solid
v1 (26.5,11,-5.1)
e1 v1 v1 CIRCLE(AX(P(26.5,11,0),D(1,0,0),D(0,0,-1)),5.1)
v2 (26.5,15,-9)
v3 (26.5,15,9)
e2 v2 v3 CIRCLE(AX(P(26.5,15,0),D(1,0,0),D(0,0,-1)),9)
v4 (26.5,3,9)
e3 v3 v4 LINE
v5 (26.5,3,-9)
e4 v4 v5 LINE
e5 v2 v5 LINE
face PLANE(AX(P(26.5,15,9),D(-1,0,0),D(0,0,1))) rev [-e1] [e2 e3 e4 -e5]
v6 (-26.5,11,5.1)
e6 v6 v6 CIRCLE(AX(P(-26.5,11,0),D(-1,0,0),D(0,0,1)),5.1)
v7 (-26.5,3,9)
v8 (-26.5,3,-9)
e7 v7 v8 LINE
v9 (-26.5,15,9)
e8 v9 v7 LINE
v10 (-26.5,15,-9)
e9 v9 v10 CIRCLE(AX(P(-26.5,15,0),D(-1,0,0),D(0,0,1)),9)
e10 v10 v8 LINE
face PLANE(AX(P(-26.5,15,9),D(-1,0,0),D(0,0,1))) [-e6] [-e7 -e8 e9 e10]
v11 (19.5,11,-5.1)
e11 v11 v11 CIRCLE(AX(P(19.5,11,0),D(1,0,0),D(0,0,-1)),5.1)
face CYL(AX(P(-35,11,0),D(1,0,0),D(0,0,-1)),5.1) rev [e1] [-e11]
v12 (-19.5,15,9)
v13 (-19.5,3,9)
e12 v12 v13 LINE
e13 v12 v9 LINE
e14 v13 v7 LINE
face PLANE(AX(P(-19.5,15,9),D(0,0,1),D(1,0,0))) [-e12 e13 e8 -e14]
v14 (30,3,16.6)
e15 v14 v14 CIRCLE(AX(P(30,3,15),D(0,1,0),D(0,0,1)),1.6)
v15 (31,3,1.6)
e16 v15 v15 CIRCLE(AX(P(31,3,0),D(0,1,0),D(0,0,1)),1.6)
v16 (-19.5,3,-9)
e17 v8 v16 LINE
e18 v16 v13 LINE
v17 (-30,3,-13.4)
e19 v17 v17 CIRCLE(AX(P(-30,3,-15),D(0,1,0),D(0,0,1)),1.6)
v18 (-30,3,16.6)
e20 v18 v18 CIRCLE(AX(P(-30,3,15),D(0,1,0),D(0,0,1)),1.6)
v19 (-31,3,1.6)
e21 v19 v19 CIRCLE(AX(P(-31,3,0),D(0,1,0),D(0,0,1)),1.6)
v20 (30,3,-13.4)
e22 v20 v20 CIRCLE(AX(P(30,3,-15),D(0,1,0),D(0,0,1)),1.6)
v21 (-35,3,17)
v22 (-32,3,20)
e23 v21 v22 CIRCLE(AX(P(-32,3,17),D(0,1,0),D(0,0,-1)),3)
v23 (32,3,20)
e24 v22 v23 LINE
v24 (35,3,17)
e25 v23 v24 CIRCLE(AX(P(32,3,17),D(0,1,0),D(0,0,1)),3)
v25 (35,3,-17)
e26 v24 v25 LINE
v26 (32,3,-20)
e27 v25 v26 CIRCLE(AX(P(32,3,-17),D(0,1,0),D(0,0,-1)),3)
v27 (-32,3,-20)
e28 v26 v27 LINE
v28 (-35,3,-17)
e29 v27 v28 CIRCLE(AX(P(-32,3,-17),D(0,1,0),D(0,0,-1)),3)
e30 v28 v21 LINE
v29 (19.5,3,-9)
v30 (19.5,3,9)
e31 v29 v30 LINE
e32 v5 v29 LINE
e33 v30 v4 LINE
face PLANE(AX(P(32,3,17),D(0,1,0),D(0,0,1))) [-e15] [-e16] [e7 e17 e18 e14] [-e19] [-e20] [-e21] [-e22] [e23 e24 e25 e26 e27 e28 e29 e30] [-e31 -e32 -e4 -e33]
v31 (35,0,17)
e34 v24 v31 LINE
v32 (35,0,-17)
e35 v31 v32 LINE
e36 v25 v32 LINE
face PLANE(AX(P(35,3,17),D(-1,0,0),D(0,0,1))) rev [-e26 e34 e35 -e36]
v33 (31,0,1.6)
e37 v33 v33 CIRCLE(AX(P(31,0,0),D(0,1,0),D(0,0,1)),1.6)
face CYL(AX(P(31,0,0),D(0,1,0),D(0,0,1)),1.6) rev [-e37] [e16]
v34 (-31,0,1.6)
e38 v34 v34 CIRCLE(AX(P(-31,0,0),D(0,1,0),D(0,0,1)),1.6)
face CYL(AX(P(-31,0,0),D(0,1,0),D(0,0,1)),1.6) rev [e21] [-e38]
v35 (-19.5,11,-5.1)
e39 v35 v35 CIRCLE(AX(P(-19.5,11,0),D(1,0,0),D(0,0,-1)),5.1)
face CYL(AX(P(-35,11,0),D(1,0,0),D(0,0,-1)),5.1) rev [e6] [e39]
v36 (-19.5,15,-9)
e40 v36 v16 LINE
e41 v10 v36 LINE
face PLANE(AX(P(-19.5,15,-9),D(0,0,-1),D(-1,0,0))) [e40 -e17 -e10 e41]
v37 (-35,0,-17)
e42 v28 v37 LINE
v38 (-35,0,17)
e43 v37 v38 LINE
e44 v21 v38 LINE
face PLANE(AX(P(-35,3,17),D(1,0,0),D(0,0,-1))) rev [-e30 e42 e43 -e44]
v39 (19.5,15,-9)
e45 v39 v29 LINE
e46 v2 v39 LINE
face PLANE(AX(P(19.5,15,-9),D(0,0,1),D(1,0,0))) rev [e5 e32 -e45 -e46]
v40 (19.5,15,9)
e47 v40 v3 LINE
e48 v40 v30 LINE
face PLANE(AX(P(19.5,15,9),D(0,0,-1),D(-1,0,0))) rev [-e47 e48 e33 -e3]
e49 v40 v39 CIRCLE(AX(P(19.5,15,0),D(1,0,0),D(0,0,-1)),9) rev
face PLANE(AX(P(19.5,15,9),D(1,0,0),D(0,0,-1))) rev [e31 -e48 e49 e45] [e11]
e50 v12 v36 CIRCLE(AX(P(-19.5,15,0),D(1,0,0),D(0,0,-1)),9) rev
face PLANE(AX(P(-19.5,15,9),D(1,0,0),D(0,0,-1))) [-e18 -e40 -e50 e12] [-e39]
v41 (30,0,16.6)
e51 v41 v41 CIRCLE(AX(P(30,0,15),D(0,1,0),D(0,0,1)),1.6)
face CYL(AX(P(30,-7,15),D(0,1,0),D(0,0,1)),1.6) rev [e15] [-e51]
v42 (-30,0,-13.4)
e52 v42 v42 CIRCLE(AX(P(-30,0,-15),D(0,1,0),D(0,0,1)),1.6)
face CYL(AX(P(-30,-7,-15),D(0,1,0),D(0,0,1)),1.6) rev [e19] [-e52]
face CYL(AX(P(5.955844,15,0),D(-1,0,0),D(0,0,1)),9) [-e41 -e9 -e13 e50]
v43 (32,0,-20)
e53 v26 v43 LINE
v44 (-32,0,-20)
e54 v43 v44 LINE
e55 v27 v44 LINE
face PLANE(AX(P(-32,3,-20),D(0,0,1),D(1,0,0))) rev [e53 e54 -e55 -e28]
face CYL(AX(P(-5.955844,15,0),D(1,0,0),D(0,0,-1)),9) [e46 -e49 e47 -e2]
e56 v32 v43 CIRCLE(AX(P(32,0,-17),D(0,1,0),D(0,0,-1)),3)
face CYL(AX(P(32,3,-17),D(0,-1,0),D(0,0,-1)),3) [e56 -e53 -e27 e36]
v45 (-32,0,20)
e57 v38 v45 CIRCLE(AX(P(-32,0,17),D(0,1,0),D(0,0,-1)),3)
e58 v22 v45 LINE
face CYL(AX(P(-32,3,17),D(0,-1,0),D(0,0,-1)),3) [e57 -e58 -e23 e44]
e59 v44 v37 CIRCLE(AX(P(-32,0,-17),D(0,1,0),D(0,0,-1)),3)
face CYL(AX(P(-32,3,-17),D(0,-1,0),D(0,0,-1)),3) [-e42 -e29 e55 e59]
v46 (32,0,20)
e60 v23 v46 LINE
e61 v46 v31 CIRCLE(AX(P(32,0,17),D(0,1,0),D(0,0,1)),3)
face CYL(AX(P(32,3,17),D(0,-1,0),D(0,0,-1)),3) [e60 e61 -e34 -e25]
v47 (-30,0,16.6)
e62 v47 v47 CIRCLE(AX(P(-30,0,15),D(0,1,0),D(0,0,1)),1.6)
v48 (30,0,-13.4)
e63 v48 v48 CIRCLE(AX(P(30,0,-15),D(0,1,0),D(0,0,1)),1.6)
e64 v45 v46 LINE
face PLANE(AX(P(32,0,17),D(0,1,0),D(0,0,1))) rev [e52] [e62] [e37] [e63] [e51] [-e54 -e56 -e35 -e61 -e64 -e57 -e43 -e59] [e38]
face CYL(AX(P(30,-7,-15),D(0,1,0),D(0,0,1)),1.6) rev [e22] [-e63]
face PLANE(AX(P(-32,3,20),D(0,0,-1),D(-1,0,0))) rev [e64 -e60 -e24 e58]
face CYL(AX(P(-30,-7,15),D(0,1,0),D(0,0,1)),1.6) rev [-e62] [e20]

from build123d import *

# Parameters (mm, degrees)
EXTRUDE_1_DEPTH     = 3
SKETCH_2_W          = 7
SKETCH_2_H          = 18
EXTRUDE_2_DEPTH     = 12
SKETCH_3_R          = 9
EXTRUDE_3_DEPTH     = 7
EXTRUDE_START       = -7
SKETCH_4_R          = 9
EXTRUDE_4_DEPTH     = 7
SKETCH_5_R          = 5
CUT_EXTRUDE_1_DEPTH = 69.980069585
SKETCH_6_R          = 1.6
CUT_EXTRUDE_2_DEPTH = 46.453272709
SKETCH_7_R          = 1.6
CUT_EXTRUDE_3_DEPTH = 10
SKETCH_8_R          = 5.1
CUT_EXTRUDE_4_DEPTH = 69.980069585


with BuildPart() as part:
    # 草图1 → 凸台-拉伸1 (new body)
    with BuildSketch(Plane(origin=(0, 0, 0), x_dir=(1, 0, 0), z_dir=(0, 1, 0))):
        with BuildLine():
            Line((-32, -20), (32, -20))
            ThreePointArc((32, -20), (34.121320344, -19.121320344), (35, -17))
            Line((35, -17), (35, 17))
            ThreePointArc((35, 17), (34.121320344, 19.121320344), (32, 20))
            Line((32, 20), (-32, 20))
            ThreePointArc((-32, 20), (-34.121320344, 19.121320344), (-35, 17))
            Line((-35, 17), (-35, -17))
            ThreePointArc((-35, -17), (-34.121320344, -19.121320344), (-32, -20))
        make_face()
    extrude(amount=EXTRUDE_1_DEPTH)

    # 草图2 → 凸台-拉伸2 (add)
    with BuildSketch(Plane(origin=(0, 3, 0), x_dir=(1, 0, 0), z_dir=(0, 1, 0))):
        with Locations((23, 0)):
            Rectangle(SKETCH_2_W, SKETCH_2_H)
    extrude_2 = extrude(amount=EXTRUDE_2_DEPTH)

    # 镜向1: 凸台-拉伸2 across plane
    add(extrude_2.mirror(Plane(origin=(0, 0, 0), x_dir=(0, 0, 1), z_dir=(1, 0, 0))))

    # 草图3 → 凸台-拉伸3 (add)
    with BuildSketch(Plane(origin=(26.5, 0, 0), x_dir=(0, 0, -1), z_dir=(1, 0, 0))):
        with Locations((0, 15)):
            Circle(SKETCH_3_R)
    extrude(amount=-EXTRUDE_3_DEPTH)

    # 草图4 → 凸台-拉伸4 (add)
    with BuildSketch(Plane.ZY.offset(26.5).offset(EXTRUDE_START)):
        with Locations((0, 15)):
            Circle(SKETCH_4_R)
    extrude(amount=EXTRUDE_4_DEPTH)

    # 草图5 → 切除-拉伸1 (cut, through all)
    with BuildSketch(Plane(origin=(26.5, 0, 0), x_dir=(0, 0, -1), z_dir=(1, 0, 0))):
        with Locations((0, 11)):
            Circle(SKETCH_5_R)
    extrude(amount=-CUT_EXTRUDE_1_DEPTH, mode=Mode.SUBTRACT)

    # 草图6 → 切除-拉伸2 (cut, through all)
    with BuildSketch(Plane(origin=(0, 3, 0), x_dir=(1, 0, 0), z_dir=(0, 1, 0))):
        with Locations(Location((-31, 0, 0), (0, 0, 270))):
            Circle(SKETCH_6_R)
        with Locations(Location((31, 0, 0), (0, 0, 270))):
            Circle(SKETCH_6_R)
    extrude(amount=-CUT_EXTRUDE_2_DEPTH, mode=Mode.SUBTRACT)

    # 草图7 → 切除-拉伸3 (cut)
    with BuildSketch(Plane(origin=(0, 3, 0), x_dir=(1, 0, 0), z_dir=(0, 1, 0))):
        with Locations(Location((-30, 15, 0), (0, 0, 270))):
            Circle(SKETCH_7_R)
        with Locations(Location((30, 15, 0), (0, 0, 270))):
            Circle(SKETCH_7_R)
        with Locations(Location((30, -15, 0), (0, 0, 270))):
            Circle(SKETCH_7_R)
        with Locations(Location((-30, -15, 0), (0, 0, 270))):
            Circle(SKETCH_7_R)
    extrude(amount=-CUT_EXTRUDE_3_DEPTH, mode=Mode.SUBTRACT)

    # 草图8 → 切除-拉伸4 (cut, through all)
    with BuildSketch(Plane(origin=(26.5, 0, 0), x_dir=(0, 0, -1), z_dir=(1, 0, 0))):
        with Locations((0, 11)):
            Circle(SKETCH_8_R)
    extrude(amount=-CUT_EXTRUDE_4_DEPTH, mode=Mode.SUBTRACT)


solid = part.part
